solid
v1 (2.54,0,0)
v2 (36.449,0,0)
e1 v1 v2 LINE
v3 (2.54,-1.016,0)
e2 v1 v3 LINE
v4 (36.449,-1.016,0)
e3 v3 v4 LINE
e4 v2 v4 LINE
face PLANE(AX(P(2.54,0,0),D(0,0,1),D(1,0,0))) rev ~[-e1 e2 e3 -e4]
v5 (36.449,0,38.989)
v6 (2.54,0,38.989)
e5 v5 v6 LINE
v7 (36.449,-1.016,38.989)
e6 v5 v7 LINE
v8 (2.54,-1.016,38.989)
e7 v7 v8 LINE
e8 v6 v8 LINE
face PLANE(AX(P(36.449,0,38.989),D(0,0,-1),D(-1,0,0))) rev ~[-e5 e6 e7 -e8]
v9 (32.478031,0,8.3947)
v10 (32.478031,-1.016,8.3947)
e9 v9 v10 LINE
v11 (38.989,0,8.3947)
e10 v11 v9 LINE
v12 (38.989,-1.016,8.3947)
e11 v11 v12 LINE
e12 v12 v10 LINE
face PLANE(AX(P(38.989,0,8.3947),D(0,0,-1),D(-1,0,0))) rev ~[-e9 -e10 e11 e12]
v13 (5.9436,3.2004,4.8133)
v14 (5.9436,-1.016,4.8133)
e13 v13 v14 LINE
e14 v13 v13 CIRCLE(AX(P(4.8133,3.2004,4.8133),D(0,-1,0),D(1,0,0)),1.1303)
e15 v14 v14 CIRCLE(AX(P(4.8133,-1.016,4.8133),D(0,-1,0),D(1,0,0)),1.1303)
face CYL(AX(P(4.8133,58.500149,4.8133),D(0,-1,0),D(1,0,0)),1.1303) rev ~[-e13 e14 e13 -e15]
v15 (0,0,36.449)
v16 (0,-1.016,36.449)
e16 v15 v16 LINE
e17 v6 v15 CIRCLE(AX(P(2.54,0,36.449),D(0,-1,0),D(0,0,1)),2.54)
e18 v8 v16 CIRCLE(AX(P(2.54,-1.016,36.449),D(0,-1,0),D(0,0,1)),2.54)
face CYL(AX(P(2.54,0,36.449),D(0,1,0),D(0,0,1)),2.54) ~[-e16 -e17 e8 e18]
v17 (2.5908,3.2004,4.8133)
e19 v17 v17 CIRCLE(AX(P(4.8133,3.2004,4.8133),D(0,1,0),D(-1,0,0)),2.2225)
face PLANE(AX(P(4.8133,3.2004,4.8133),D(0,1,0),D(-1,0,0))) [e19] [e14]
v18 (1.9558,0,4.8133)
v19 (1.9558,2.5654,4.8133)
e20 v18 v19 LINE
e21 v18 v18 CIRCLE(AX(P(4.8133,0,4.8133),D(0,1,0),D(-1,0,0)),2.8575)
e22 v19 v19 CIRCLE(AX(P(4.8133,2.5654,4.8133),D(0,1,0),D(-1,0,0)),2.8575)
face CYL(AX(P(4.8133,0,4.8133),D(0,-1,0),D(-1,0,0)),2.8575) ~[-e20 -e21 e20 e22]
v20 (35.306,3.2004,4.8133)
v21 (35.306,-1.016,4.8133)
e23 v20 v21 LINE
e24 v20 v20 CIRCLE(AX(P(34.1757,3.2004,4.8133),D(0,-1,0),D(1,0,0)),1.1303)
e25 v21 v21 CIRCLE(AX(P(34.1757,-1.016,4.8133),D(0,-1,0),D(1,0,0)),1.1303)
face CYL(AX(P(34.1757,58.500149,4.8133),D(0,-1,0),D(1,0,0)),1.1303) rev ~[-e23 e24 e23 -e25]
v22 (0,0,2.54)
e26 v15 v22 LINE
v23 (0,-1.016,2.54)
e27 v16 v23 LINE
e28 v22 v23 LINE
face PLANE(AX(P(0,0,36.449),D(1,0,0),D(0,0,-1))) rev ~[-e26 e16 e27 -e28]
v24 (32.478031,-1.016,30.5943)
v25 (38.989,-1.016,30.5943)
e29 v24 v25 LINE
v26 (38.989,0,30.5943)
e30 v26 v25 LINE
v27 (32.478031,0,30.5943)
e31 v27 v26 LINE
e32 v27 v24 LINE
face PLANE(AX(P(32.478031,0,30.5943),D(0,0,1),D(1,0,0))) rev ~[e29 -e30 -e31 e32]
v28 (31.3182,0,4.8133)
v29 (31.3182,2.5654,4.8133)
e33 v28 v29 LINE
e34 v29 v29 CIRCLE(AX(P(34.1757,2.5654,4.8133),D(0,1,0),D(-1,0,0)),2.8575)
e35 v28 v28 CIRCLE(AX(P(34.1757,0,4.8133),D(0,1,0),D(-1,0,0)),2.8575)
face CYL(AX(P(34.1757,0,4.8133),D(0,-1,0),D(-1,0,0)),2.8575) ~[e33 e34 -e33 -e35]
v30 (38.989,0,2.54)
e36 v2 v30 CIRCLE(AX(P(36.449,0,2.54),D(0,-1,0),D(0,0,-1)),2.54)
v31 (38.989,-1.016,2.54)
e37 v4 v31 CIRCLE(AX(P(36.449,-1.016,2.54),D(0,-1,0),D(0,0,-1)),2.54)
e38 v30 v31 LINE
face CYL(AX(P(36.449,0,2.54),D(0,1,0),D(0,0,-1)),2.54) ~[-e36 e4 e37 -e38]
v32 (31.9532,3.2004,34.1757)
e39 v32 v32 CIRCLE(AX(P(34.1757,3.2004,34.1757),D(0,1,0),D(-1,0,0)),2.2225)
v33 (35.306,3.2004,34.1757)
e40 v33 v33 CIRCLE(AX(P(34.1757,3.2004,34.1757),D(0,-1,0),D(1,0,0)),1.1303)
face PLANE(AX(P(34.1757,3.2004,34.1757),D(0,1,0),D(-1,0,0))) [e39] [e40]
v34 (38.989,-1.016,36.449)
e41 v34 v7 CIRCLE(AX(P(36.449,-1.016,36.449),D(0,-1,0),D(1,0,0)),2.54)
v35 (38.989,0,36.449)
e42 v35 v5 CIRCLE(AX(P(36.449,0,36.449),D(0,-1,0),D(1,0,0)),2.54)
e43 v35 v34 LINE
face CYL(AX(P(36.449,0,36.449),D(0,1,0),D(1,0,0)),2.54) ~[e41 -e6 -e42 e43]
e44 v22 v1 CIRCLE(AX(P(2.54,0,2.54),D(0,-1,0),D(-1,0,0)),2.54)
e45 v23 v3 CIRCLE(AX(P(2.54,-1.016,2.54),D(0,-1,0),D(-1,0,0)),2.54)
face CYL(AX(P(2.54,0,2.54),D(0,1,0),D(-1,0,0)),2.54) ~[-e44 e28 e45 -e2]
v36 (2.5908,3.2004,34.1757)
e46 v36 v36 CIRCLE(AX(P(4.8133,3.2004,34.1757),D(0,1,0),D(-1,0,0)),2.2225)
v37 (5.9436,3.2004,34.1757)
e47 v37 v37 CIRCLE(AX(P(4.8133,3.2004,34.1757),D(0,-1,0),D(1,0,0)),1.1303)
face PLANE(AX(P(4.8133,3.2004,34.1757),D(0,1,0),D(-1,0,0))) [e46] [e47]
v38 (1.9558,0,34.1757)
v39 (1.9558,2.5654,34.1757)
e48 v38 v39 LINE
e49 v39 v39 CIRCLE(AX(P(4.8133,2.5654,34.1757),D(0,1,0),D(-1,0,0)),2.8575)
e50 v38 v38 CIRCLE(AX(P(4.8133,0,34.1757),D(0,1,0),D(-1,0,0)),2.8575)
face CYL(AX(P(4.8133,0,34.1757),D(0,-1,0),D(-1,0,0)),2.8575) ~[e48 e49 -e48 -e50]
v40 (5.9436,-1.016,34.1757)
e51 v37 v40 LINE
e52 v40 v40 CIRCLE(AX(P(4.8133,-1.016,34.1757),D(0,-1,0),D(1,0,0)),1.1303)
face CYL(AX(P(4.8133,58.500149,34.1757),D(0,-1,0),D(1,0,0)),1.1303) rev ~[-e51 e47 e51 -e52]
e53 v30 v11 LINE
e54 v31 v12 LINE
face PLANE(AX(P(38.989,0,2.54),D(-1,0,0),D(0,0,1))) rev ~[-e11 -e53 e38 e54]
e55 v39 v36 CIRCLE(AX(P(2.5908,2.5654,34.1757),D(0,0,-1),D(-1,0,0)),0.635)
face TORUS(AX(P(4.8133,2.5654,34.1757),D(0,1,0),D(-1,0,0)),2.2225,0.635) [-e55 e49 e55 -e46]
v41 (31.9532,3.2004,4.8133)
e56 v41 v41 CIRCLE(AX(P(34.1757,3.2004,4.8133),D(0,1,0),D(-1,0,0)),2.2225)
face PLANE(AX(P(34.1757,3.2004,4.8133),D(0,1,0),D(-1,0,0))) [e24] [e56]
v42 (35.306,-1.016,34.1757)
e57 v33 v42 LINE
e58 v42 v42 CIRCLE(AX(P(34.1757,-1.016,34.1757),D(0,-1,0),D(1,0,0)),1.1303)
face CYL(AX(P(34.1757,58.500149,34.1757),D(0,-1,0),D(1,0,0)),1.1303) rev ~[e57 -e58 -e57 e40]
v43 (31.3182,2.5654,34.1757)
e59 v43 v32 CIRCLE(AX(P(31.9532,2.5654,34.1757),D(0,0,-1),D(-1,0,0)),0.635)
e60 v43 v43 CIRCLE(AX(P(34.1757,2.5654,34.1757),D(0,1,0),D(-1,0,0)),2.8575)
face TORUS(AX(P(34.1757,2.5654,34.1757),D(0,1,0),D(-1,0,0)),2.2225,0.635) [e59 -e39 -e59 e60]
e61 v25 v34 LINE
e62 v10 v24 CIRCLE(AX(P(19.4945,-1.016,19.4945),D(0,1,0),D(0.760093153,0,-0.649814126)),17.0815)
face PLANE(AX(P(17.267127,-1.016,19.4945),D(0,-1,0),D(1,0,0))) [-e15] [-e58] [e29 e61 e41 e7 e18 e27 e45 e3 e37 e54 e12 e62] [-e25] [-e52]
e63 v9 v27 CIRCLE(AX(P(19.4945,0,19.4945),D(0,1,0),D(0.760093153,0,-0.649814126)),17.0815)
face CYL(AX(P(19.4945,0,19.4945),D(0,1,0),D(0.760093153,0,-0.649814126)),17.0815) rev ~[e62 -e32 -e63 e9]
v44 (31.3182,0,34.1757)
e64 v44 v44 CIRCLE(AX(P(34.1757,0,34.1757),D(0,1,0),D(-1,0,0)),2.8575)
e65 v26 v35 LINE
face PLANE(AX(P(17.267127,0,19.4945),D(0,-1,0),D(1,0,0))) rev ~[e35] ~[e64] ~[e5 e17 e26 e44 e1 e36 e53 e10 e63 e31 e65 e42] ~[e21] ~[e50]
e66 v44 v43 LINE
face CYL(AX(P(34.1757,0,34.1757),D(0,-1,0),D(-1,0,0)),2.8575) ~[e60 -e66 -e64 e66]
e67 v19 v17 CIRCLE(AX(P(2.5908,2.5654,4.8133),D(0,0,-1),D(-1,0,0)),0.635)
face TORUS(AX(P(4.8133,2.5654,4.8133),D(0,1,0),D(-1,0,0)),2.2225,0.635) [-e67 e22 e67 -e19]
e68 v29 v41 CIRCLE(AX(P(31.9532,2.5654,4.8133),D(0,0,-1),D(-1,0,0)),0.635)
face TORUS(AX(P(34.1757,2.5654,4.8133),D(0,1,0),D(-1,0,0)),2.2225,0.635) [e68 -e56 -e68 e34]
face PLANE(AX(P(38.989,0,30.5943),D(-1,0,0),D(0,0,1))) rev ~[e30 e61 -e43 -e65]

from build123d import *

# Parameters (mm, degrees)
F1_DEPTH = 1.016
F2_R     = 2.8575
F3_DEPTH = 3.2004
F5_D     = 2.2606
F6_R     = 0.635


with BuildPart() as f1:
    # F0 (on Front) → F1 (new body)
    with BuildSketch(Plane.XZ):
        with BuildLine():
            ThreePointArc((0, 2.54), (0.7439487758, 0.7439487758), (2.54, 0))
            Line((2.54, 0), (36.449, 0))
            ThreePointArc((36.449, 0), (38.2450512242, 0.7439487758), (38.989, 2.54))
            Line((38.989, 2.54), (38.989, 8.3947))
            Line((38.989, 8.3947), (32.4780311919, 8.3947))
            ThreePointArc((32.4780311919, 8.3947), (2.413, 19.4945), (32.4780311919, 30.5943))
            Line((32.4780311919, 30.5943), (38.989, 30.5943))
            Line((38.989, 30.5943), (38.989, 36.449))
            ThreePointArc((38.989, 36.449), (38.2450512242, 38.2450512242), (36.449, 38.989))
            Line((36.449, 38.989), (2.54, 38.989))
            ThreePointArc((2.54, 38.989), (0.7439487758, 38.2450512242), (0, 36.449))
            Line((0, 36.449), (0, 2.54))
        make_face()
    extrude(amount=F1_DEPTH)

    # F2 (on face) → F3 (join)
    with BuildSketch(Plane(origin=(0, 0, 0), x_dir=(-1, 0, 0), z_dir=(0, 1, 0))):
        with Locations((-34.1757, 34.1757)):
            Circle(F2_R)
        with Locations((-4.8133, 34.1757)):
            Circle(F2_R)
        with Locations((-4.8133, 4.8133)):
            Circle(F2_R)
        with Locations((-34.1757, 4.8133)):
            Circle(F2_R)
    extrude(amount=F3_DEPTH)

    # F5 (through all)
    with Locations(Plane(origin=(0, 3.2004, 0), x_dir=(-1, 0, 0), z_dir=(0, 1, 0))):
        with Locations((-34.1757, 34.1757), (-4.8133, 4.8133), (-34.1757, 4.8133), (-4.8133, 34.1757)):
            Hole(F5_D / 2)

    # F6
    f6_edges = [f1.edges().sort_by_distance(p)[0] for p in [
        (37.0332, 3.2004, 34.1757),
        (7.6708, 3.2004, 34.1757),
        (7.6708, 3.2004, 4.8133),
        (37.0332, 3.2004, 4.8133),
    ]]
    fillet(f6_edges, radius=F6_R)


solid = f1.part
